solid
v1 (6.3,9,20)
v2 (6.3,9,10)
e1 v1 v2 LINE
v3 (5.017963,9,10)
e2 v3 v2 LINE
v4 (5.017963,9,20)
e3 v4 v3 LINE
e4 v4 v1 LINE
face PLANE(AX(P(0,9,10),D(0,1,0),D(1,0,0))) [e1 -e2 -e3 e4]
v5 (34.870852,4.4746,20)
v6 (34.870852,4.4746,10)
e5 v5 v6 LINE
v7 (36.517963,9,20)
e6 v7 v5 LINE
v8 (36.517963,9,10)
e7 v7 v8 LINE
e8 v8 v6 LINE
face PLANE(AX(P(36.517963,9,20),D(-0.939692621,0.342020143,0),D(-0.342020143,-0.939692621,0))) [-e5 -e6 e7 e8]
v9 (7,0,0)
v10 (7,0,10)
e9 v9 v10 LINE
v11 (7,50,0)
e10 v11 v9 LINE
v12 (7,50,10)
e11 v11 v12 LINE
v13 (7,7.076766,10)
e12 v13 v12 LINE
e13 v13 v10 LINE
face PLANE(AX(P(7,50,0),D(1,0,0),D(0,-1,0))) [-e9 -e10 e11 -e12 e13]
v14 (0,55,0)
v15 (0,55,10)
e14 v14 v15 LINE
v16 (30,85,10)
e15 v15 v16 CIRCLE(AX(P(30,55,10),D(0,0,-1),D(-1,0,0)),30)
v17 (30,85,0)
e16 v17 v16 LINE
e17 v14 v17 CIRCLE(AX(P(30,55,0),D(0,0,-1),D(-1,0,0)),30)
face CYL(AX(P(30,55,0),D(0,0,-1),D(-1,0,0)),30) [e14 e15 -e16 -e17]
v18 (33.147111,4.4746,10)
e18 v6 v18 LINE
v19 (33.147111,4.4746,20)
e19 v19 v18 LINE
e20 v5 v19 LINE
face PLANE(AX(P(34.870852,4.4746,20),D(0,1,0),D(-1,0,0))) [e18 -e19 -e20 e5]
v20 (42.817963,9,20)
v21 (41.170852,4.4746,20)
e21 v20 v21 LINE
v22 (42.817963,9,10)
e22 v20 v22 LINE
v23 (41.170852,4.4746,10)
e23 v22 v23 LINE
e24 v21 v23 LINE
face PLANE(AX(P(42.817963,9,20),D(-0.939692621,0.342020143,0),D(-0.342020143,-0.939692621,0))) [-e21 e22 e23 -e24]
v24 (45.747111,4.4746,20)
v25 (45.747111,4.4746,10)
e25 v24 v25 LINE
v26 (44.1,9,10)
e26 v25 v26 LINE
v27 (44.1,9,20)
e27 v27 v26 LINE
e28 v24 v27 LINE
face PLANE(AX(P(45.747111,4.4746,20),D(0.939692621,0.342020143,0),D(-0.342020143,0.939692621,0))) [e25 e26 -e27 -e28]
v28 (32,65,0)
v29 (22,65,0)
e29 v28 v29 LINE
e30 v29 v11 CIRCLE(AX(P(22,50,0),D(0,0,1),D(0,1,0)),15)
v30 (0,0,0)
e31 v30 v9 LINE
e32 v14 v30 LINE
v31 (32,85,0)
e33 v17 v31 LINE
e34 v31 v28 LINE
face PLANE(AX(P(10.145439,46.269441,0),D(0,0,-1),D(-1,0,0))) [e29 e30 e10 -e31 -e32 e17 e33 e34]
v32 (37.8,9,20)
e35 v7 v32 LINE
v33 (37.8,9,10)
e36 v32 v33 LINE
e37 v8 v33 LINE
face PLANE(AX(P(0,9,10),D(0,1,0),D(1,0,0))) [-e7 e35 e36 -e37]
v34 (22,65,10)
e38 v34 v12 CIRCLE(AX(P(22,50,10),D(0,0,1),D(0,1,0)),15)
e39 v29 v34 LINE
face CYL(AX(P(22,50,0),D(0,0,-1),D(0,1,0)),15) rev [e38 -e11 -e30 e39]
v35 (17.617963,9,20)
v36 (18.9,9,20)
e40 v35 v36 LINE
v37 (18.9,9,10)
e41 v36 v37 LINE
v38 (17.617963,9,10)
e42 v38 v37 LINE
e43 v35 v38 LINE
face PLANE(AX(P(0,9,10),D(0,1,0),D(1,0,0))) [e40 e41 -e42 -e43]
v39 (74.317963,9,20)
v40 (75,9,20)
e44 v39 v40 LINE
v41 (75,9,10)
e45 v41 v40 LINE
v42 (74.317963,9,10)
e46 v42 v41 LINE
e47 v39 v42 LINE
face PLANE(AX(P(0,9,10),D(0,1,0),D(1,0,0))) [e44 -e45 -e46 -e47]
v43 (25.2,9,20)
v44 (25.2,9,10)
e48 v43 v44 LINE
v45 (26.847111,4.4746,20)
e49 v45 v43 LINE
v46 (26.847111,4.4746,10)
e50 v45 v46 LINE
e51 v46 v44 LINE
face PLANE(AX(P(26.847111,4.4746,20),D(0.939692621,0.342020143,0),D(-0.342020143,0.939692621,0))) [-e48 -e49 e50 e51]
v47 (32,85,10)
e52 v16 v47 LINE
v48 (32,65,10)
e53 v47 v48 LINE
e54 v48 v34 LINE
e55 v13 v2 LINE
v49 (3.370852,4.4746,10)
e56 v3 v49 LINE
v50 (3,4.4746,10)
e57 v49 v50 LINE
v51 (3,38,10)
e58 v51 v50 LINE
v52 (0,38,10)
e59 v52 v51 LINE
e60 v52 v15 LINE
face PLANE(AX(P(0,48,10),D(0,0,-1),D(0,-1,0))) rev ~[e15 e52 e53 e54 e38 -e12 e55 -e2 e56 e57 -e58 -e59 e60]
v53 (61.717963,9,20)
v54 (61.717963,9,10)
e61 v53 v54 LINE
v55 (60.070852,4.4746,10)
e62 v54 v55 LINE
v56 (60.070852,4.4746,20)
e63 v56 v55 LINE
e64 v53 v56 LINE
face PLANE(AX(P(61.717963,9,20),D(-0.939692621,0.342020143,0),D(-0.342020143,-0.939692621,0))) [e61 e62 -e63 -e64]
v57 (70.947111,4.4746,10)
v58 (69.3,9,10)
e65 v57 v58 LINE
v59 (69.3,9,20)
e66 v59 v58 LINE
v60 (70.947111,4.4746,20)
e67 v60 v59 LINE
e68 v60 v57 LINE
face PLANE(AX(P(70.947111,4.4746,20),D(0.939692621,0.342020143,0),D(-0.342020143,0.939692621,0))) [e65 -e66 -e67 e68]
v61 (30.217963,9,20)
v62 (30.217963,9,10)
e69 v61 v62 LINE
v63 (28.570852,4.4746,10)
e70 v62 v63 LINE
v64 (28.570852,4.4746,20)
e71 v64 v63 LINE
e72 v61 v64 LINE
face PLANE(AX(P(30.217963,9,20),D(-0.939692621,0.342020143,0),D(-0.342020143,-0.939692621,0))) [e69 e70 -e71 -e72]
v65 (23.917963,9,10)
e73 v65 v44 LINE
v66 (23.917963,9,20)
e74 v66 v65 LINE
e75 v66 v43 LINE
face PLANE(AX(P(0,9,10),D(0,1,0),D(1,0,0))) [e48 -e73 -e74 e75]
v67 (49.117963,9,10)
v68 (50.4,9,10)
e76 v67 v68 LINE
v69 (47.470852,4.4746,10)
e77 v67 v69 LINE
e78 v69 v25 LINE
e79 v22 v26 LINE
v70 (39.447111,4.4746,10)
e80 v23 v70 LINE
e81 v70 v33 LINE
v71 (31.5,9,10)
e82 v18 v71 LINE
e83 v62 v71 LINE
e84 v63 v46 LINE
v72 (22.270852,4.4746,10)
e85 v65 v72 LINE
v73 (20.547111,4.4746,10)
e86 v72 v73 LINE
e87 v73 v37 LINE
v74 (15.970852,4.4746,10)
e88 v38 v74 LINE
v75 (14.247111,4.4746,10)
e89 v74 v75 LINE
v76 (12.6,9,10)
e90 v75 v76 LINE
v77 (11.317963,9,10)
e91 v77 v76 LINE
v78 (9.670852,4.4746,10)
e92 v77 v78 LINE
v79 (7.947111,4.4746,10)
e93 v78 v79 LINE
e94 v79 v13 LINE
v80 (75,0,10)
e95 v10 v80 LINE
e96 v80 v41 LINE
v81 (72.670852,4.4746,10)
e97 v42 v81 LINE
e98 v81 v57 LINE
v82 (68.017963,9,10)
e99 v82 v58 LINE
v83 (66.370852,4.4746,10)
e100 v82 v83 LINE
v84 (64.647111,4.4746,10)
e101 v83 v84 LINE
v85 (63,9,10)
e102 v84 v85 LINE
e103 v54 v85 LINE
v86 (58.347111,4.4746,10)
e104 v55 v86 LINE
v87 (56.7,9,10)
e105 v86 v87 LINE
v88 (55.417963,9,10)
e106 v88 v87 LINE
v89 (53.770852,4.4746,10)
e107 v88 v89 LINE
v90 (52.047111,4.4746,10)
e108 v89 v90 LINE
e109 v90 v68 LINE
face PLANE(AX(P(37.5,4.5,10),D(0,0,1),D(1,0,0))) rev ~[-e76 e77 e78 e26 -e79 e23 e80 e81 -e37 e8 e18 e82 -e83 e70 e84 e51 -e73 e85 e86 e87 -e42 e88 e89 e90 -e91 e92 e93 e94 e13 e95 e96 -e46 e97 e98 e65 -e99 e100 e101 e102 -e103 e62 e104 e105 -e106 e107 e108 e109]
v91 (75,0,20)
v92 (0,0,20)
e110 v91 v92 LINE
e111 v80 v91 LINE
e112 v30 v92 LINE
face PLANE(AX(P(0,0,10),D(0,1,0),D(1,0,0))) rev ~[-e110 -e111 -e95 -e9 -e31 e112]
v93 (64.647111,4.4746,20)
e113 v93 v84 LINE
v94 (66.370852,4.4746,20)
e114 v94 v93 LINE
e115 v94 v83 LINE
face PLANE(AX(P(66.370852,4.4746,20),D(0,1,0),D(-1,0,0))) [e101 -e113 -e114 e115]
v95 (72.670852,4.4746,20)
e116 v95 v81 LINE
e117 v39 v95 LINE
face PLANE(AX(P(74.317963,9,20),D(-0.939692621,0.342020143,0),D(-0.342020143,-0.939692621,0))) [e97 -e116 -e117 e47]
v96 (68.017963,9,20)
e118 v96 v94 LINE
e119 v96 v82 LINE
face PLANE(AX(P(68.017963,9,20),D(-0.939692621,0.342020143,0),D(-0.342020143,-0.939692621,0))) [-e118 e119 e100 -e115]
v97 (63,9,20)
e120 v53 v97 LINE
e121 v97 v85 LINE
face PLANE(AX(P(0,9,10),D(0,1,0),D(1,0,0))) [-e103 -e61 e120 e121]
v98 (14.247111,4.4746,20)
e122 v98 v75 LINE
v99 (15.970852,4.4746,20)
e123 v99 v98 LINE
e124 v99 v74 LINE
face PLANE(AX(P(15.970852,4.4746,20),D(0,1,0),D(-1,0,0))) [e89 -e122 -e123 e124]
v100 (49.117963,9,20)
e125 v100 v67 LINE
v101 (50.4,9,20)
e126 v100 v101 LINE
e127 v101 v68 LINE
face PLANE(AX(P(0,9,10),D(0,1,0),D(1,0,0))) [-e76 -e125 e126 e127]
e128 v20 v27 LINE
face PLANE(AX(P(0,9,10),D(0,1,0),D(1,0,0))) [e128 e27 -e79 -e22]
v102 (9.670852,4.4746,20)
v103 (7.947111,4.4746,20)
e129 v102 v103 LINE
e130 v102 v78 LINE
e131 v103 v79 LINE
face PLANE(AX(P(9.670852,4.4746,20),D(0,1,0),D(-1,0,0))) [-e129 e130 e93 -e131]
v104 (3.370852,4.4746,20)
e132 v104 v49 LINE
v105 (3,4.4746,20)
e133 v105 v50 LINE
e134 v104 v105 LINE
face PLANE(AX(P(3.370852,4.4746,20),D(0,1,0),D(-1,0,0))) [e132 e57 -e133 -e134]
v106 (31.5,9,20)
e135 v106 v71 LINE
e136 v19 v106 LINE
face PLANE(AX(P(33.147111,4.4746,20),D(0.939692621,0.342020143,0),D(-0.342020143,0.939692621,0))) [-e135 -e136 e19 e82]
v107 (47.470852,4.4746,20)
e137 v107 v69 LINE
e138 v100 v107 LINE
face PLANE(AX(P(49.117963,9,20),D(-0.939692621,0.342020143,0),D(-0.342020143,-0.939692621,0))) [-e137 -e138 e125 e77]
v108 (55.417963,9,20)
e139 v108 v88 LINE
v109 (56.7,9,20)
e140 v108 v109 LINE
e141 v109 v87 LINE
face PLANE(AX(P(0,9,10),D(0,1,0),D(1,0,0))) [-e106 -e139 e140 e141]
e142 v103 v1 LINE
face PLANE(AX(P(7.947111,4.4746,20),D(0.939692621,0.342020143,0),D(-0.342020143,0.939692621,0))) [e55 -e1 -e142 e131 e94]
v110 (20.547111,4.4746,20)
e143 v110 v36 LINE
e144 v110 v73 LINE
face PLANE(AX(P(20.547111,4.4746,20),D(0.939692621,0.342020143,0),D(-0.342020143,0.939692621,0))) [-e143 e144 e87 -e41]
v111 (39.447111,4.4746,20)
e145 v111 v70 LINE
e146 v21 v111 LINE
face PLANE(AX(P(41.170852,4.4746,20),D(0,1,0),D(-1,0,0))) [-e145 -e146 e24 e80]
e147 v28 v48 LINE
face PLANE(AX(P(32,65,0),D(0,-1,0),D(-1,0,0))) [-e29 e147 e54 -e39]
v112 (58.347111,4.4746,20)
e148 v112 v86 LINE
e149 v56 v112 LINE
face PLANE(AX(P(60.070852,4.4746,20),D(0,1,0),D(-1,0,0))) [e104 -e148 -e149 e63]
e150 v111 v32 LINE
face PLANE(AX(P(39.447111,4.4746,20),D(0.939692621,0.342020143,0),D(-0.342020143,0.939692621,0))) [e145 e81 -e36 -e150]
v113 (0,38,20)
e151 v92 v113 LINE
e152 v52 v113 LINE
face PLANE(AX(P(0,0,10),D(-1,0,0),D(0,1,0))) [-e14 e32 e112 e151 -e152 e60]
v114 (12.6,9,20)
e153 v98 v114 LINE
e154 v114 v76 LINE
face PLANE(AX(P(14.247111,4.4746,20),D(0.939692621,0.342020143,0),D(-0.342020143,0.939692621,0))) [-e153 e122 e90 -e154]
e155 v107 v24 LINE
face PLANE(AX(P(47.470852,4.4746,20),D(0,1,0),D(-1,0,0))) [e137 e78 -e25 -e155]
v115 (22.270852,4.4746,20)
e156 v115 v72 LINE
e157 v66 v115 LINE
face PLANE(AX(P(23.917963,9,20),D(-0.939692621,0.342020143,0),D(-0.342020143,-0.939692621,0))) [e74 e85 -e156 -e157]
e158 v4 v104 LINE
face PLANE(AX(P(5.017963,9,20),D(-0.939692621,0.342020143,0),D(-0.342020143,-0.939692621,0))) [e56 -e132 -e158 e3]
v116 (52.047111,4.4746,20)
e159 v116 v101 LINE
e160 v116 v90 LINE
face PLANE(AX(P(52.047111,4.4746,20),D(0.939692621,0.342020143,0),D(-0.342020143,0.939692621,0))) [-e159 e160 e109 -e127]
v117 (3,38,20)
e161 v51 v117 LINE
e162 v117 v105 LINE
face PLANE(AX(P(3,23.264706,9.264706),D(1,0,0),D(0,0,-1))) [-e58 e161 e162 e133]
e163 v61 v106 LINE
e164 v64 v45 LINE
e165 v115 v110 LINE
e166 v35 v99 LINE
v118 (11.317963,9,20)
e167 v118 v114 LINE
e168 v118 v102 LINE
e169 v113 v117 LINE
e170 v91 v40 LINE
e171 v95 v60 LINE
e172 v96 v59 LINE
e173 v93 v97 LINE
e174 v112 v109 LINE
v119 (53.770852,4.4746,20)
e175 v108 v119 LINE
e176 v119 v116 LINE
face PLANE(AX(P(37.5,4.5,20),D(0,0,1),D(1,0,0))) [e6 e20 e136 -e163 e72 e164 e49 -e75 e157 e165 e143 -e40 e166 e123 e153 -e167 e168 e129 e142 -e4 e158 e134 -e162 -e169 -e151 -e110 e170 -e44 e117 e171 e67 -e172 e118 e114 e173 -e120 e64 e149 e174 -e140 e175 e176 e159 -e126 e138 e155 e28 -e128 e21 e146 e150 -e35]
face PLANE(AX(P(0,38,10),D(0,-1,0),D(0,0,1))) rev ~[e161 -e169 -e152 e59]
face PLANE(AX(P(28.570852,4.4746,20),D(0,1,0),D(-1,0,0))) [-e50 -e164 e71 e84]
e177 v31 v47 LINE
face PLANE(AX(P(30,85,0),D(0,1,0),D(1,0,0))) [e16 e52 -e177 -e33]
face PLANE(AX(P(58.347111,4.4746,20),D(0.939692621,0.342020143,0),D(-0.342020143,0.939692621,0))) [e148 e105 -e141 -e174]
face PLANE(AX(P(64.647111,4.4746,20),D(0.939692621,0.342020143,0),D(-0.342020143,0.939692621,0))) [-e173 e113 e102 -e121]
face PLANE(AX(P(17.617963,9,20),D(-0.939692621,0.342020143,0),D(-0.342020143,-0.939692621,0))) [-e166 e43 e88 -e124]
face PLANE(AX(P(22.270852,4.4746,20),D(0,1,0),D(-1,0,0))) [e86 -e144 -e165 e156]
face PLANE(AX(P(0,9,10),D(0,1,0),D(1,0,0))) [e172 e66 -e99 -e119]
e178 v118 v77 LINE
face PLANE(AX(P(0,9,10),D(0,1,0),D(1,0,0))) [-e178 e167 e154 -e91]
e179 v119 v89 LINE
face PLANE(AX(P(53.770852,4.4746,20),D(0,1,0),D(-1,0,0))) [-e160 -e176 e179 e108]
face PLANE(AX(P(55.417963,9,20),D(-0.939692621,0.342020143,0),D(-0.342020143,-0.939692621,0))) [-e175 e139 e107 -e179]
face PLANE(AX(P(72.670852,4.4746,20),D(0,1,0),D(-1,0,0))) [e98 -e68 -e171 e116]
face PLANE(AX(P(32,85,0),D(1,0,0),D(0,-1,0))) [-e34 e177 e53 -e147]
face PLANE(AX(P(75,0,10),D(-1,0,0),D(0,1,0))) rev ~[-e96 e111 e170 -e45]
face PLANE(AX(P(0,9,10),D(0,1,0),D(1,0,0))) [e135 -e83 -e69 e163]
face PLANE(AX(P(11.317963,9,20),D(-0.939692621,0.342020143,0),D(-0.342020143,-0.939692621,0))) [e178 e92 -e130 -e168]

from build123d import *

# Parameters (mm, degrees)
BOSS_EXTRUDE1_DEPTH             = 10
SKIZZE2_W                       = 75
SKIZZE2_H                       = 9
AUFSATZ_LINEAR_AUSTRAGEN1_DEPTH = 10
SCHNITT_LINEAR_AUSTRAGEN2_DEPTH = 10
AUFSATZ_LINEAR_AUSTRAGEN2_DEPTH = 3


with BuildPart() as part:
    # Sketch1 → Boss-Extrude1 (new body)
    with BuildSketch(Plane.XY):
        with BuildLine():
            Line((7, 0), (0, 0))
            Line((0, 0), (0, 47.7))
            Line((0, 47.7), (0, 55))
            ThreePointArc((0, 55), (8.786796564, 76.213203436), (30, 85))
            Line((30, 85), (32, 85))
            Line((32, 85), (32, 65))
            Line((32, 65), (22, 65))
            ThreePointArc((22, 65), (11.393398282, 60.606601718), (7, 50))
            Line((7, 50), (7, 0))
        make_face()
    extrude(amount=BOSS_EXTRUDE1_DEPTH)

    # Skizze2 → Aufsatz-Linear austragen1 (add)
    with BuildSketch(Plane.XY.offset(10)):
        with Locations((37.5, 4.5)):
            Rectangle(SKIZZE2_W, SKIZZE2_H)
    extrude(amount=AUFSATZ_LINEAR_AUSTRAGEN1_DEPTH)

    # Skizze3 → Schnitt-Linear austragen2 (cut)
    with BuildSketch(Plane.XY.offset(20)):
        Polygon((3.370852377, 4.4746), (1.647110898, 4.4746), (0, 9), (5.017963275, 9), align=None)
        Polygon((9.670852377, 4.4746), (7.947110898, 4.4746), (6.3, 9), (11.317963275, 9), align=None)
        Polygon((15.970852377, 4.4746), (14.247110898, 4.4746), (12.6, 9), (17.617963275, 9), align=None)
        Polygon((22.270852377, 4.4746), (20.547110898, 4.4746), (18.9, 9), (23.917963275, 9), align=None)
        Polygon((28.570852377, 4.4746), (26.847110898, 4.4746), (25.2, 9), (30.217963275, 9), align=None)
        Polygon((34.870852377, 4.4746), (33.147110898, 4.4746), (31.5, 9), (36.517963275, 9), align=None)
        Polygon((41.170852377, 4.4746), (39.447110898, 4.4746), (37.8, 9), (42.817963275, 9), align=None)
        Polygon((47.470852377, 4.4746), (45.747110898, 4.4746), (44.1, 9), (49.117963275, 9), align=None)
        Polygon((53.770852377, 4.4746), (52.047110898, 4.4746), (50.4, 9), (55.417963275, 9), align=None)
        Polygon((60.070852377, 4.4746), (58.347110898, 4.4746), (56.7, 9), (61.717963275, 9), align=None)
        Polygon((66.370852377, 4.4746), (64.647110898, 4.4746), (63, 9), (68.017963275, 9), align=None)
        Polygon((72.670852377, 4.4746), (70.947110898, 4.4746), (69.3, 9), (74.317963275, 9), align=None)
    extrude(amount=-SCHNITT_LINEAR_AUSTRAGEN2_DEPTH, mode=Mode.SUBTRACT)

    # Skizze4 → Aufsatz-Linear austragen2 (add)
    with BuildSketch(Plane.ZY):
        Polygon((20, 0), (0, 0), (0, 48), (10, 48), (10, 38), (20, 38), align=None)
    extrude(amount=-AUFSATZ_LINEAR_AUSTRAGEN2_DEPTH)


solid = part.part
